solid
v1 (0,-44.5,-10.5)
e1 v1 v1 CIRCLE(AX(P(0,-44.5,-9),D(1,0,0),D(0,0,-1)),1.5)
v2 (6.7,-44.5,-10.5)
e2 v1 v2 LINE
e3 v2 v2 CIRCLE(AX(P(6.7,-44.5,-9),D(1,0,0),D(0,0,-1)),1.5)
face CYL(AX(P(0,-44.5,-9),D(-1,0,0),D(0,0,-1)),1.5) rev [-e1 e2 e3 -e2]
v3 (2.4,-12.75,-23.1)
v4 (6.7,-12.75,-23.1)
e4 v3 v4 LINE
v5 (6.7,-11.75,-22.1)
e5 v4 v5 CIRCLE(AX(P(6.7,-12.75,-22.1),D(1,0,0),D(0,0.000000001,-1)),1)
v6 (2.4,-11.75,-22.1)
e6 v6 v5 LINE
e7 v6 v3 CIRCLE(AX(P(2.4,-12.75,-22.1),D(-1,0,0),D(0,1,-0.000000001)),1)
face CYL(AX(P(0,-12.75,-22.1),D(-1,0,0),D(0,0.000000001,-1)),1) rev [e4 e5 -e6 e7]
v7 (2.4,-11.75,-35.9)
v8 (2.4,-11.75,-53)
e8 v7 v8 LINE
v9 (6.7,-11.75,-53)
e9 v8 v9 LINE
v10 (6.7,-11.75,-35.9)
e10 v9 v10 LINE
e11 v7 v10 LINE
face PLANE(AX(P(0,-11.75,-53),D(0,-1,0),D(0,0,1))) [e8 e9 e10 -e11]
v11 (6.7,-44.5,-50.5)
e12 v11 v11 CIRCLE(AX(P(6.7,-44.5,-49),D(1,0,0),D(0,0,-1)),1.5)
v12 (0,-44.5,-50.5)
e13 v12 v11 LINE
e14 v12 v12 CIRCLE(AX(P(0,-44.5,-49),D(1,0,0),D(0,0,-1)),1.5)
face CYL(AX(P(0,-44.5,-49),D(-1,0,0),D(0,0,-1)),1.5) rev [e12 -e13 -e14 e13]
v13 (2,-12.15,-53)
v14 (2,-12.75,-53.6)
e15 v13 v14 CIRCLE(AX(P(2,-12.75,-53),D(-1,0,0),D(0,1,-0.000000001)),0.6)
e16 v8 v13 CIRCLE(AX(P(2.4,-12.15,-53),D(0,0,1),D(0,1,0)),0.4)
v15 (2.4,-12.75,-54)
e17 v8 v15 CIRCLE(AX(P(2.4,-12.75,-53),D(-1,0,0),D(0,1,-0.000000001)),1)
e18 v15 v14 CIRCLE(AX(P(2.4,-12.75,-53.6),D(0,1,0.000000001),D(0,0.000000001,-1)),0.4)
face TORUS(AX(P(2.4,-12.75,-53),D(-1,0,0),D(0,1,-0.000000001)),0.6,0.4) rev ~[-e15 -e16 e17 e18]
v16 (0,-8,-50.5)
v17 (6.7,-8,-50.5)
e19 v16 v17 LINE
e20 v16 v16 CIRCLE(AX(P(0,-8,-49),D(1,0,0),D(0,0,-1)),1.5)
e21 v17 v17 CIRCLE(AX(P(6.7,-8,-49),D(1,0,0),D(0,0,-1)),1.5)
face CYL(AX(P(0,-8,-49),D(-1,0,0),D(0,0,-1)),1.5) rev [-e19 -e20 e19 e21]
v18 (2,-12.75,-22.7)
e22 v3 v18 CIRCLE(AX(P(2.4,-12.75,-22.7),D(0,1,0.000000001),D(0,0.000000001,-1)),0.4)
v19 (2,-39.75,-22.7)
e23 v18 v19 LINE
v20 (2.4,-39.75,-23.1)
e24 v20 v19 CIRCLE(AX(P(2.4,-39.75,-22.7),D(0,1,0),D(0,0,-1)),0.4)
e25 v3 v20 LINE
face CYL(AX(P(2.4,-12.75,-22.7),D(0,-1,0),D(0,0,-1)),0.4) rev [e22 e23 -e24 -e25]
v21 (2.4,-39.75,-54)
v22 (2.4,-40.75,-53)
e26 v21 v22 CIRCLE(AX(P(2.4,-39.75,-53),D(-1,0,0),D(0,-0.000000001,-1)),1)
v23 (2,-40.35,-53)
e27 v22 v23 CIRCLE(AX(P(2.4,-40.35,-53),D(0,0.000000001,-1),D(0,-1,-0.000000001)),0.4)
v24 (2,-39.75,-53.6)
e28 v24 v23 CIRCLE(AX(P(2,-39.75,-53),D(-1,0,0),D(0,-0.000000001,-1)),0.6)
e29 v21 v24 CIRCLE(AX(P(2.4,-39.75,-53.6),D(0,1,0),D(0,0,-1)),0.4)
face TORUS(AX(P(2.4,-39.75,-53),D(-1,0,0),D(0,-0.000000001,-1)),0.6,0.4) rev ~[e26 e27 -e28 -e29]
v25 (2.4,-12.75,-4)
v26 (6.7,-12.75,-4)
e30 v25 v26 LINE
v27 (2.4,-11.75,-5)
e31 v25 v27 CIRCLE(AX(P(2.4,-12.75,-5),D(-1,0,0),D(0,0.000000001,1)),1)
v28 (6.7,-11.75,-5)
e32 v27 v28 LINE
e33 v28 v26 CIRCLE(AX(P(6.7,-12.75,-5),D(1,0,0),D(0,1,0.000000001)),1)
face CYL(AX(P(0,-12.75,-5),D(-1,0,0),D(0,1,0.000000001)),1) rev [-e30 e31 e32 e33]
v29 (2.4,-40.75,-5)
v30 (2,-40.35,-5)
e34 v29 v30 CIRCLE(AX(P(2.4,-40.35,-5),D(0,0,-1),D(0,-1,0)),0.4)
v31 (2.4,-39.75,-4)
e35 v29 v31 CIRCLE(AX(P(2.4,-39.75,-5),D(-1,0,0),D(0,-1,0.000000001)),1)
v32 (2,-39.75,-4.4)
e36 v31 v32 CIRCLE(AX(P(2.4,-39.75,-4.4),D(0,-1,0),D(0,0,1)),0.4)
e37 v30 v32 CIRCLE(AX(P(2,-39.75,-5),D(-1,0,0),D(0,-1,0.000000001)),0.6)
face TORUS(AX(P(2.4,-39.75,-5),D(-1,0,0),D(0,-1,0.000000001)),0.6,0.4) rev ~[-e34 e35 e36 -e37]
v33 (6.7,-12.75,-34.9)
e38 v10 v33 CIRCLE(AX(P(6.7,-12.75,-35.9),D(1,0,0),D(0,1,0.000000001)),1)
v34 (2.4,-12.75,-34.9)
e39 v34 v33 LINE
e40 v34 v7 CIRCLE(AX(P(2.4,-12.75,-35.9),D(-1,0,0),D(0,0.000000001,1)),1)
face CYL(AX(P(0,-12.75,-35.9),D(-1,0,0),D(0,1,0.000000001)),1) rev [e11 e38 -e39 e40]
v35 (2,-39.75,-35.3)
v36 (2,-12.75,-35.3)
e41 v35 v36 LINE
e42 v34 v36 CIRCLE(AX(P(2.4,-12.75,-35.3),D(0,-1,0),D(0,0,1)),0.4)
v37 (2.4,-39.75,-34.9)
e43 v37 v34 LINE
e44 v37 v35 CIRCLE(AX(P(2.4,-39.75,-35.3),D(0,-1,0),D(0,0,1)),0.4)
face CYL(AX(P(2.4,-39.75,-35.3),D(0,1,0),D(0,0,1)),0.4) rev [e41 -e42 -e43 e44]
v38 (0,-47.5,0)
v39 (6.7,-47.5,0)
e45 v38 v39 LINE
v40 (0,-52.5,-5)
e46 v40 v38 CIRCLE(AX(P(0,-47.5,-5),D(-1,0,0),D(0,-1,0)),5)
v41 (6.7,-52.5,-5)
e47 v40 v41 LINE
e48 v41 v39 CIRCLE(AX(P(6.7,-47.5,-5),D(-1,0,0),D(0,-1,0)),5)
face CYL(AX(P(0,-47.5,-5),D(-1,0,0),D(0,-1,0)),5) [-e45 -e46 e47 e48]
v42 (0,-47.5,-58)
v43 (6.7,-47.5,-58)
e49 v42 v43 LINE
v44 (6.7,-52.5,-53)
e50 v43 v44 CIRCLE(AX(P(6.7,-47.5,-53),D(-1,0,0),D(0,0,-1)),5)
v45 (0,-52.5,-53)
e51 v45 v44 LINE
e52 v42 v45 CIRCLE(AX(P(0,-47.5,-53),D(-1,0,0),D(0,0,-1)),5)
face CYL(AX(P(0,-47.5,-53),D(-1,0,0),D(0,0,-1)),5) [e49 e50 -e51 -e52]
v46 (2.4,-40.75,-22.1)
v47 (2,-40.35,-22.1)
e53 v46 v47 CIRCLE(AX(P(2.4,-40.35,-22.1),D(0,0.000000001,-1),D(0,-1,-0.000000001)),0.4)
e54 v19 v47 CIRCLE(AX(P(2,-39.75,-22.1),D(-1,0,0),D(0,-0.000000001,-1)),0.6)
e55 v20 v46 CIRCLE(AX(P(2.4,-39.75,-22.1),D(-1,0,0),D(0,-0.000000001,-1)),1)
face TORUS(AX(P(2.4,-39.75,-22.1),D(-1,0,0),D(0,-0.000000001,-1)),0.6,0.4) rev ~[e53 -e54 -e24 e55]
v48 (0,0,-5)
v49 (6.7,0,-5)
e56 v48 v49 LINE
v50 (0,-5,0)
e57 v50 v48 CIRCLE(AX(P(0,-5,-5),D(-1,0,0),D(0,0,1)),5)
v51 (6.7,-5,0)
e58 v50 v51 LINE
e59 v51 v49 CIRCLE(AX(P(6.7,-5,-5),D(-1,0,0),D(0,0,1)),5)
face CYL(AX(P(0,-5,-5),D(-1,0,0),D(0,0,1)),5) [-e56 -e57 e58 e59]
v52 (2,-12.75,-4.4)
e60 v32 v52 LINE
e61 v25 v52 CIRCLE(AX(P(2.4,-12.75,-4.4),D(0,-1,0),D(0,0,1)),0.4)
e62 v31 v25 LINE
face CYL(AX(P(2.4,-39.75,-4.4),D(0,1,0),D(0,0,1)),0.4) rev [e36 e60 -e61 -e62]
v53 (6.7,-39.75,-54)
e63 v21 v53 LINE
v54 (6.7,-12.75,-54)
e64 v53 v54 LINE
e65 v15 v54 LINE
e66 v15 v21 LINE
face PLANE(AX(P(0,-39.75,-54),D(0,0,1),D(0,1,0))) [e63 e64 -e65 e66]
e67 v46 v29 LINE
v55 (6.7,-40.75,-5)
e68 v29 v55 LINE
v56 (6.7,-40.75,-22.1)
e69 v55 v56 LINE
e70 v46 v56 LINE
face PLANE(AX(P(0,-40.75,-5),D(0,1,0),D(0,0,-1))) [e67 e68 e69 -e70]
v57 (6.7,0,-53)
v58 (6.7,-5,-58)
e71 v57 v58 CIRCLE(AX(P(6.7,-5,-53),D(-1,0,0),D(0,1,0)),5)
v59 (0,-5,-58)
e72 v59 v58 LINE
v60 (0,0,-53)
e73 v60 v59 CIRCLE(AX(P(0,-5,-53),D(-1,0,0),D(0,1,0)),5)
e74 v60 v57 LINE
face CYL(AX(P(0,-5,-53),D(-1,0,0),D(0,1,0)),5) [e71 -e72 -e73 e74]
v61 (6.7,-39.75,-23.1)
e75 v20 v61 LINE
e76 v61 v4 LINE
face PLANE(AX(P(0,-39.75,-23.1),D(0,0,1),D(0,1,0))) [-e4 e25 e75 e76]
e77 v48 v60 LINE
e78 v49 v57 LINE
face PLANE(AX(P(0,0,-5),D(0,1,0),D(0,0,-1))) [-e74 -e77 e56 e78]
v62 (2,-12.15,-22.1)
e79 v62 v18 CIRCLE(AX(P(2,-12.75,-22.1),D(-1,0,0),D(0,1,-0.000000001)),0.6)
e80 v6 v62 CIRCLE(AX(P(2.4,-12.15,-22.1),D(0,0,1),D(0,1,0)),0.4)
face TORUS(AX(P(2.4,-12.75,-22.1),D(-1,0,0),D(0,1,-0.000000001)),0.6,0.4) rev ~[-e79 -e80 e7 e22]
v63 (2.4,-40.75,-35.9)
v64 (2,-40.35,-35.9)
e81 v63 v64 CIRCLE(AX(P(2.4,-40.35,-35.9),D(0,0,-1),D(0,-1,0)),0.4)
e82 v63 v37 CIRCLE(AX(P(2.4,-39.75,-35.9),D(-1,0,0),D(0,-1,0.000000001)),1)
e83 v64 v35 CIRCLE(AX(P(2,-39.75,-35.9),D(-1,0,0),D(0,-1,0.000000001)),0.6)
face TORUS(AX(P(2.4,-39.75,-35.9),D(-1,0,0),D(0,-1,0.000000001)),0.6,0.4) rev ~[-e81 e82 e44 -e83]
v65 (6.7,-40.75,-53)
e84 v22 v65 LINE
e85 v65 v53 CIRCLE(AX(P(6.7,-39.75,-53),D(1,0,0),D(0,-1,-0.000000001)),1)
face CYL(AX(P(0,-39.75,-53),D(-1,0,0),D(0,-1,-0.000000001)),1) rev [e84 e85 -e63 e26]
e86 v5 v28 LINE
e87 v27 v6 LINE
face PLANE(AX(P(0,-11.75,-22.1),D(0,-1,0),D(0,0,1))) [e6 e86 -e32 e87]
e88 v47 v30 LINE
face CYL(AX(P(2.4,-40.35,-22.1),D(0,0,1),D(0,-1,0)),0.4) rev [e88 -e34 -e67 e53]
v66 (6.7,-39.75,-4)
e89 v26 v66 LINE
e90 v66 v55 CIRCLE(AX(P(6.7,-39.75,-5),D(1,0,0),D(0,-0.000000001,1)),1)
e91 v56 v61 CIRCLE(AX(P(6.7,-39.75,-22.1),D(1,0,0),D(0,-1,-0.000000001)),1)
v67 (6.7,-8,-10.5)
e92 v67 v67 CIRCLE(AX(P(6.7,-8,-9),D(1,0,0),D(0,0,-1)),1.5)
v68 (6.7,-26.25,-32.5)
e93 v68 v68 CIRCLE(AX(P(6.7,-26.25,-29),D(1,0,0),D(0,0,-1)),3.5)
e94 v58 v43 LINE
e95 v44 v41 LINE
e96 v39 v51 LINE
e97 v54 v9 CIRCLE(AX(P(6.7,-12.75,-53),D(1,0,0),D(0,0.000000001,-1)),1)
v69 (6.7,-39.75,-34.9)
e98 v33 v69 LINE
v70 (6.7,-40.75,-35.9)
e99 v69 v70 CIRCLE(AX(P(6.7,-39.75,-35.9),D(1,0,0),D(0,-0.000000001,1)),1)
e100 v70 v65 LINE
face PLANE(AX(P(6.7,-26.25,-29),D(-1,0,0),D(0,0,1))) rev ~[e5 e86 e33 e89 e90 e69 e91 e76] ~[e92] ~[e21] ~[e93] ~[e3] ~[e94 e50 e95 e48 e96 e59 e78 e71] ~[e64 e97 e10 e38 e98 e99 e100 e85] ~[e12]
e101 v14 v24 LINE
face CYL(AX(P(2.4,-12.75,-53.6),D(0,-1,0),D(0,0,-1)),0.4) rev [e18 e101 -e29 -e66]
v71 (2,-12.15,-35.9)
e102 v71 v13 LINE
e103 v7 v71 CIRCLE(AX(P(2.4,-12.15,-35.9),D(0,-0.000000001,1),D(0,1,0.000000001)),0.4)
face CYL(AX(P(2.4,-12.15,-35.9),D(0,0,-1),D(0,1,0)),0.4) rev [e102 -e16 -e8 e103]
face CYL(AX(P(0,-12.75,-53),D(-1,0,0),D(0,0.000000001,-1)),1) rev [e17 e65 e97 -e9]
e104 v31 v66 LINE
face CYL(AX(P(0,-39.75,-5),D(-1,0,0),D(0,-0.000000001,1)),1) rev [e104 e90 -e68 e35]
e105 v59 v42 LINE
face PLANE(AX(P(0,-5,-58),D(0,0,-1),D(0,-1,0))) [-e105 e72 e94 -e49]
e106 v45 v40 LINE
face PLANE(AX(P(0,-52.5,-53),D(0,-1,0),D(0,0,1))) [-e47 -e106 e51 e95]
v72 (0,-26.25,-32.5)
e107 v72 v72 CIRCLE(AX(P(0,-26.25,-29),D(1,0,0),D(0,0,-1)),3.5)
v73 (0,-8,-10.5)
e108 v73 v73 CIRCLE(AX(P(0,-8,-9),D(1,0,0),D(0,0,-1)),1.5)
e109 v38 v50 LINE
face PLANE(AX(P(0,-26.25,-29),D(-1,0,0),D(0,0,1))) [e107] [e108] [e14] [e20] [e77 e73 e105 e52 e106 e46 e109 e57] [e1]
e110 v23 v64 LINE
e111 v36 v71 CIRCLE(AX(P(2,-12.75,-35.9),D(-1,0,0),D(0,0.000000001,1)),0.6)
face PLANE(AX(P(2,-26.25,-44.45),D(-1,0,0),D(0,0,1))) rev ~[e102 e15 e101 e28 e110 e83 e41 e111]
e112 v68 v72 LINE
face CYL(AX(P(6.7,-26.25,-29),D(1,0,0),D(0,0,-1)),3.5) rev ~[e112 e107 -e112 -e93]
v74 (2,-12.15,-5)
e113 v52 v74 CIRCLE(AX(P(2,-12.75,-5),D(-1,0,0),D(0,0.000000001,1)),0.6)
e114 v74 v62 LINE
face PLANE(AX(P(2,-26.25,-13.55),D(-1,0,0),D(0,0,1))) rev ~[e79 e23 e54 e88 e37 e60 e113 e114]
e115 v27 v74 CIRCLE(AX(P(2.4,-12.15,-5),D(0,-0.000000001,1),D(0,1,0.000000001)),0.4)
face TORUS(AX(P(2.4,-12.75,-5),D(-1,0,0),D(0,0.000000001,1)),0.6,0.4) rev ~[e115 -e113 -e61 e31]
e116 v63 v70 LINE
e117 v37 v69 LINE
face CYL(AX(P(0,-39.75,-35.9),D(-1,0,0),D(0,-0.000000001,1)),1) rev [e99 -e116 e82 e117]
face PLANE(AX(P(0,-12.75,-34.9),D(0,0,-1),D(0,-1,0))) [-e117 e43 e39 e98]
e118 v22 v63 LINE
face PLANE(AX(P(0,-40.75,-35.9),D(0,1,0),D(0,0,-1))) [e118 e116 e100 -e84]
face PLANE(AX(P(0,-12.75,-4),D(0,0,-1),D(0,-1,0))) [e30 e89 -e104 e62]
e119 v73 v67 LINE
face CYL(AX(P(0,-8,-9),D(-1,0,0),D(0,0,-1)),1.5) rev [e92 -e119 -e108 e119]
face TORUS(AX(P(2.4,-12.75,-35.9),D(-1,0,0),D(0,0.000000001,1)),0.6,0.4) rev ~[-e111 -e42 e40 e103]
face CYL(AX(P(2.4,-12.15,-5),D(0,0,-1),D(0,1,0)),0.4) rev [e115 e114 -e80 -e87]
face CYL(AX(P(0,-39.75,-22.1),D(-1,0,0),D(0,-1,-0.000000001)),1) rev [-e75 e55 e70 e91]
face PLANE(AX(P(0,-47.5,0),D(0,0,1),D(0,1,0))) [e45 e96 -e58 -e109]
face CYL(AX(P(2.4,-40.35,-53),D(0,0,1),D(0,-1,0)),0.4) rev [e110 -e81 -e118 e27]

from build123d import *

# Parameters (mm, degrees)
SKETCH_1_R          = 1.5
EXTRUDE_1_DEPTH     = 6.7
SKETCH_2_W          = 19.1
SKETCH_2_H          = 29
EXTRUDE_2_DEPTH     = 2
CUT_EXTRUDE_1_REACH = 80.518
SKETCH_3_R          = 3.5
FILLET_1_R          = 0.4


with BuildPart() as part:
    # 草图1 → 凸台-拉伸1 (new body)
    with BuildSketch(Plane(origin=(0, 0, 0), x_dir=(0, 0, -1), z_dir=(1, 0, 0))):
        with BuildLine():
            Line((5, 0), (53, 0))
            ThreePointArc((53, 0), (56.535533906, -1.464466094), (58, -5))
            Line((58, -5), (58, -47.5))
            ThreePointArc((58, -47.5), (56.535533906, -51.035533906), (53, -52.5))
            Line((53, -52.5), (5, -52.5))
            ThreePointArc((5, -52.5), (1.464466094, -51.035533906), (0, -47.5))
            Line((0, -47.5), (0, -5))
            ThreePointArc((0, -5), (1.464466094, -1.464466094), (5, 0))
        make_face()
        with Locations((9, -8)):
            Circle(SKETCH_1_R, mode=Mode.SUBTRACT)
        with Locations((49, -8)):
            Circle(SKETCH_1_R, mode=Mode.SUBTRACT)
        with Locations((49, -44.5)):
            Circle(SKETCH_1_R, mode=Mode.SUBTRACT)
        with Locations((9, -44.5)):
            Circle(SKETCH_1_R, mode=Mode.SUBTRACT)
        with BuildLine():
            Line((5, -40.75), (22.1, -40.75))
            ThreePointArc((22.1, -40.75), (22.807106781, -40.457106781), (23.1, -39.75))
            Line((23.1, -39.75), (23.1, -12.75))
            ThreePointArc((23.1, -12.75), (22.807106781, -12.042893219), (22.1, -11.75))
            Line((22.1, -11.75), (5, -11.75))
            ThreePointArc((5, -11.75), (4.292893219, -12.042893219), (4, -12.75))
            Line((4, -12.75), (4, -39.75))
            ThreePointArc((4, -39.75), (4.292893219, -40.457106781), (5, -40.75))
        make_face(mode=Mode.SUBTRACT)
        with BuildLine():
            Line((53, -11.75), (35.9, -11.75))
            ThreePointArc((35.9, -11.75), (35.192893219, -12.042893219), (34.9, -12.75))
            Line((34.9, -12.75), (34.9, -39.75))
            ThreePointArc((34.9, -39.75), (35.192893219, -40.457106781), (35.9, -40.75))
            Line((35.9, -40.75), (53, -40.75))
            ThreePointArc((53, -40.75), (53.707106781, -40.457106781), (54, -39.75))
            Line((54, -39.75), (54, -12.75))
            ThreePointArc((54, -12.75), (53.707106781, -12.042893219), (53, -11.75))
        make_face(mode=Mode.SUBTRACT)
    extrude(amount=EXTRUDE_1_DEPTH)

    # 草图2 → 凸台-拉伸2 (add)
    with BuildSketch(Plane.ZY):
        with Locations((-13.55, -26.25)):
            Rectangle(SKETCH_2_W, SKETCH_2_H)
        with Locations((-44.45, -26.25)):
            Rectangle(SKETCH_2_W, SKETCH_2_H)
    extrude(amount=-EXTRUDE_2_DEPTH)

    # 草图3 → 切除-拉伸1 (cut, up to next)
    with BuildSketch(Plane(origin=(6.7, 0, 0), x_dir=(0, 0, -1), z_dir=(1, 0, 0)), mode=Mode.PRIVATE) as cut_extrude_1_sk1:
        with Locations((29, -26.25)):
            Circle(SKETCH_3_R)
    cut_extrude_1_tool1 = extrude(cut_extrude_1_sk1.sketch, amount=-CUT_EXTRUDE_1_REACH, mode=Mode.PRIVATE) & part.part
    add(cut_extrude_1_tool1.solids().sort_by_distance((6.7, -26.25, -29))[0], mode=Mode.SUBTRACT)

    # 圆角1
    fillet_1_edges = [part.edges().sort_by_distance(p)[0] for p in [
        (2, -26.25, -4),
        (2, -40.75, -13.55),
        (2, -26.25, -23.1),
        (2, -12.042893219, -4.292893219),
        (2, -40.457106781, -4.292893219),
        (2, -40.457106781, -22.807106781),
        (2, -12.042893219, -22.807106781),
        (2, -26.25, -34.9),
        (2, -40.75, -44.45),
        (2, -26.25, -54),
        (2, -11.75, -44.45),
        (2, -40.457106781, -35.192893219),
        (2, -40.457106781, -53.707106781),
        (2, -12.042893219, -53.707106781),
        (2, -12.042893219, -35.192893219),
        (2, -11.75, -13.55),
    ]]
    fillet(fillet_1_edges, radius=FILLET_1_R)


solid = part.part
